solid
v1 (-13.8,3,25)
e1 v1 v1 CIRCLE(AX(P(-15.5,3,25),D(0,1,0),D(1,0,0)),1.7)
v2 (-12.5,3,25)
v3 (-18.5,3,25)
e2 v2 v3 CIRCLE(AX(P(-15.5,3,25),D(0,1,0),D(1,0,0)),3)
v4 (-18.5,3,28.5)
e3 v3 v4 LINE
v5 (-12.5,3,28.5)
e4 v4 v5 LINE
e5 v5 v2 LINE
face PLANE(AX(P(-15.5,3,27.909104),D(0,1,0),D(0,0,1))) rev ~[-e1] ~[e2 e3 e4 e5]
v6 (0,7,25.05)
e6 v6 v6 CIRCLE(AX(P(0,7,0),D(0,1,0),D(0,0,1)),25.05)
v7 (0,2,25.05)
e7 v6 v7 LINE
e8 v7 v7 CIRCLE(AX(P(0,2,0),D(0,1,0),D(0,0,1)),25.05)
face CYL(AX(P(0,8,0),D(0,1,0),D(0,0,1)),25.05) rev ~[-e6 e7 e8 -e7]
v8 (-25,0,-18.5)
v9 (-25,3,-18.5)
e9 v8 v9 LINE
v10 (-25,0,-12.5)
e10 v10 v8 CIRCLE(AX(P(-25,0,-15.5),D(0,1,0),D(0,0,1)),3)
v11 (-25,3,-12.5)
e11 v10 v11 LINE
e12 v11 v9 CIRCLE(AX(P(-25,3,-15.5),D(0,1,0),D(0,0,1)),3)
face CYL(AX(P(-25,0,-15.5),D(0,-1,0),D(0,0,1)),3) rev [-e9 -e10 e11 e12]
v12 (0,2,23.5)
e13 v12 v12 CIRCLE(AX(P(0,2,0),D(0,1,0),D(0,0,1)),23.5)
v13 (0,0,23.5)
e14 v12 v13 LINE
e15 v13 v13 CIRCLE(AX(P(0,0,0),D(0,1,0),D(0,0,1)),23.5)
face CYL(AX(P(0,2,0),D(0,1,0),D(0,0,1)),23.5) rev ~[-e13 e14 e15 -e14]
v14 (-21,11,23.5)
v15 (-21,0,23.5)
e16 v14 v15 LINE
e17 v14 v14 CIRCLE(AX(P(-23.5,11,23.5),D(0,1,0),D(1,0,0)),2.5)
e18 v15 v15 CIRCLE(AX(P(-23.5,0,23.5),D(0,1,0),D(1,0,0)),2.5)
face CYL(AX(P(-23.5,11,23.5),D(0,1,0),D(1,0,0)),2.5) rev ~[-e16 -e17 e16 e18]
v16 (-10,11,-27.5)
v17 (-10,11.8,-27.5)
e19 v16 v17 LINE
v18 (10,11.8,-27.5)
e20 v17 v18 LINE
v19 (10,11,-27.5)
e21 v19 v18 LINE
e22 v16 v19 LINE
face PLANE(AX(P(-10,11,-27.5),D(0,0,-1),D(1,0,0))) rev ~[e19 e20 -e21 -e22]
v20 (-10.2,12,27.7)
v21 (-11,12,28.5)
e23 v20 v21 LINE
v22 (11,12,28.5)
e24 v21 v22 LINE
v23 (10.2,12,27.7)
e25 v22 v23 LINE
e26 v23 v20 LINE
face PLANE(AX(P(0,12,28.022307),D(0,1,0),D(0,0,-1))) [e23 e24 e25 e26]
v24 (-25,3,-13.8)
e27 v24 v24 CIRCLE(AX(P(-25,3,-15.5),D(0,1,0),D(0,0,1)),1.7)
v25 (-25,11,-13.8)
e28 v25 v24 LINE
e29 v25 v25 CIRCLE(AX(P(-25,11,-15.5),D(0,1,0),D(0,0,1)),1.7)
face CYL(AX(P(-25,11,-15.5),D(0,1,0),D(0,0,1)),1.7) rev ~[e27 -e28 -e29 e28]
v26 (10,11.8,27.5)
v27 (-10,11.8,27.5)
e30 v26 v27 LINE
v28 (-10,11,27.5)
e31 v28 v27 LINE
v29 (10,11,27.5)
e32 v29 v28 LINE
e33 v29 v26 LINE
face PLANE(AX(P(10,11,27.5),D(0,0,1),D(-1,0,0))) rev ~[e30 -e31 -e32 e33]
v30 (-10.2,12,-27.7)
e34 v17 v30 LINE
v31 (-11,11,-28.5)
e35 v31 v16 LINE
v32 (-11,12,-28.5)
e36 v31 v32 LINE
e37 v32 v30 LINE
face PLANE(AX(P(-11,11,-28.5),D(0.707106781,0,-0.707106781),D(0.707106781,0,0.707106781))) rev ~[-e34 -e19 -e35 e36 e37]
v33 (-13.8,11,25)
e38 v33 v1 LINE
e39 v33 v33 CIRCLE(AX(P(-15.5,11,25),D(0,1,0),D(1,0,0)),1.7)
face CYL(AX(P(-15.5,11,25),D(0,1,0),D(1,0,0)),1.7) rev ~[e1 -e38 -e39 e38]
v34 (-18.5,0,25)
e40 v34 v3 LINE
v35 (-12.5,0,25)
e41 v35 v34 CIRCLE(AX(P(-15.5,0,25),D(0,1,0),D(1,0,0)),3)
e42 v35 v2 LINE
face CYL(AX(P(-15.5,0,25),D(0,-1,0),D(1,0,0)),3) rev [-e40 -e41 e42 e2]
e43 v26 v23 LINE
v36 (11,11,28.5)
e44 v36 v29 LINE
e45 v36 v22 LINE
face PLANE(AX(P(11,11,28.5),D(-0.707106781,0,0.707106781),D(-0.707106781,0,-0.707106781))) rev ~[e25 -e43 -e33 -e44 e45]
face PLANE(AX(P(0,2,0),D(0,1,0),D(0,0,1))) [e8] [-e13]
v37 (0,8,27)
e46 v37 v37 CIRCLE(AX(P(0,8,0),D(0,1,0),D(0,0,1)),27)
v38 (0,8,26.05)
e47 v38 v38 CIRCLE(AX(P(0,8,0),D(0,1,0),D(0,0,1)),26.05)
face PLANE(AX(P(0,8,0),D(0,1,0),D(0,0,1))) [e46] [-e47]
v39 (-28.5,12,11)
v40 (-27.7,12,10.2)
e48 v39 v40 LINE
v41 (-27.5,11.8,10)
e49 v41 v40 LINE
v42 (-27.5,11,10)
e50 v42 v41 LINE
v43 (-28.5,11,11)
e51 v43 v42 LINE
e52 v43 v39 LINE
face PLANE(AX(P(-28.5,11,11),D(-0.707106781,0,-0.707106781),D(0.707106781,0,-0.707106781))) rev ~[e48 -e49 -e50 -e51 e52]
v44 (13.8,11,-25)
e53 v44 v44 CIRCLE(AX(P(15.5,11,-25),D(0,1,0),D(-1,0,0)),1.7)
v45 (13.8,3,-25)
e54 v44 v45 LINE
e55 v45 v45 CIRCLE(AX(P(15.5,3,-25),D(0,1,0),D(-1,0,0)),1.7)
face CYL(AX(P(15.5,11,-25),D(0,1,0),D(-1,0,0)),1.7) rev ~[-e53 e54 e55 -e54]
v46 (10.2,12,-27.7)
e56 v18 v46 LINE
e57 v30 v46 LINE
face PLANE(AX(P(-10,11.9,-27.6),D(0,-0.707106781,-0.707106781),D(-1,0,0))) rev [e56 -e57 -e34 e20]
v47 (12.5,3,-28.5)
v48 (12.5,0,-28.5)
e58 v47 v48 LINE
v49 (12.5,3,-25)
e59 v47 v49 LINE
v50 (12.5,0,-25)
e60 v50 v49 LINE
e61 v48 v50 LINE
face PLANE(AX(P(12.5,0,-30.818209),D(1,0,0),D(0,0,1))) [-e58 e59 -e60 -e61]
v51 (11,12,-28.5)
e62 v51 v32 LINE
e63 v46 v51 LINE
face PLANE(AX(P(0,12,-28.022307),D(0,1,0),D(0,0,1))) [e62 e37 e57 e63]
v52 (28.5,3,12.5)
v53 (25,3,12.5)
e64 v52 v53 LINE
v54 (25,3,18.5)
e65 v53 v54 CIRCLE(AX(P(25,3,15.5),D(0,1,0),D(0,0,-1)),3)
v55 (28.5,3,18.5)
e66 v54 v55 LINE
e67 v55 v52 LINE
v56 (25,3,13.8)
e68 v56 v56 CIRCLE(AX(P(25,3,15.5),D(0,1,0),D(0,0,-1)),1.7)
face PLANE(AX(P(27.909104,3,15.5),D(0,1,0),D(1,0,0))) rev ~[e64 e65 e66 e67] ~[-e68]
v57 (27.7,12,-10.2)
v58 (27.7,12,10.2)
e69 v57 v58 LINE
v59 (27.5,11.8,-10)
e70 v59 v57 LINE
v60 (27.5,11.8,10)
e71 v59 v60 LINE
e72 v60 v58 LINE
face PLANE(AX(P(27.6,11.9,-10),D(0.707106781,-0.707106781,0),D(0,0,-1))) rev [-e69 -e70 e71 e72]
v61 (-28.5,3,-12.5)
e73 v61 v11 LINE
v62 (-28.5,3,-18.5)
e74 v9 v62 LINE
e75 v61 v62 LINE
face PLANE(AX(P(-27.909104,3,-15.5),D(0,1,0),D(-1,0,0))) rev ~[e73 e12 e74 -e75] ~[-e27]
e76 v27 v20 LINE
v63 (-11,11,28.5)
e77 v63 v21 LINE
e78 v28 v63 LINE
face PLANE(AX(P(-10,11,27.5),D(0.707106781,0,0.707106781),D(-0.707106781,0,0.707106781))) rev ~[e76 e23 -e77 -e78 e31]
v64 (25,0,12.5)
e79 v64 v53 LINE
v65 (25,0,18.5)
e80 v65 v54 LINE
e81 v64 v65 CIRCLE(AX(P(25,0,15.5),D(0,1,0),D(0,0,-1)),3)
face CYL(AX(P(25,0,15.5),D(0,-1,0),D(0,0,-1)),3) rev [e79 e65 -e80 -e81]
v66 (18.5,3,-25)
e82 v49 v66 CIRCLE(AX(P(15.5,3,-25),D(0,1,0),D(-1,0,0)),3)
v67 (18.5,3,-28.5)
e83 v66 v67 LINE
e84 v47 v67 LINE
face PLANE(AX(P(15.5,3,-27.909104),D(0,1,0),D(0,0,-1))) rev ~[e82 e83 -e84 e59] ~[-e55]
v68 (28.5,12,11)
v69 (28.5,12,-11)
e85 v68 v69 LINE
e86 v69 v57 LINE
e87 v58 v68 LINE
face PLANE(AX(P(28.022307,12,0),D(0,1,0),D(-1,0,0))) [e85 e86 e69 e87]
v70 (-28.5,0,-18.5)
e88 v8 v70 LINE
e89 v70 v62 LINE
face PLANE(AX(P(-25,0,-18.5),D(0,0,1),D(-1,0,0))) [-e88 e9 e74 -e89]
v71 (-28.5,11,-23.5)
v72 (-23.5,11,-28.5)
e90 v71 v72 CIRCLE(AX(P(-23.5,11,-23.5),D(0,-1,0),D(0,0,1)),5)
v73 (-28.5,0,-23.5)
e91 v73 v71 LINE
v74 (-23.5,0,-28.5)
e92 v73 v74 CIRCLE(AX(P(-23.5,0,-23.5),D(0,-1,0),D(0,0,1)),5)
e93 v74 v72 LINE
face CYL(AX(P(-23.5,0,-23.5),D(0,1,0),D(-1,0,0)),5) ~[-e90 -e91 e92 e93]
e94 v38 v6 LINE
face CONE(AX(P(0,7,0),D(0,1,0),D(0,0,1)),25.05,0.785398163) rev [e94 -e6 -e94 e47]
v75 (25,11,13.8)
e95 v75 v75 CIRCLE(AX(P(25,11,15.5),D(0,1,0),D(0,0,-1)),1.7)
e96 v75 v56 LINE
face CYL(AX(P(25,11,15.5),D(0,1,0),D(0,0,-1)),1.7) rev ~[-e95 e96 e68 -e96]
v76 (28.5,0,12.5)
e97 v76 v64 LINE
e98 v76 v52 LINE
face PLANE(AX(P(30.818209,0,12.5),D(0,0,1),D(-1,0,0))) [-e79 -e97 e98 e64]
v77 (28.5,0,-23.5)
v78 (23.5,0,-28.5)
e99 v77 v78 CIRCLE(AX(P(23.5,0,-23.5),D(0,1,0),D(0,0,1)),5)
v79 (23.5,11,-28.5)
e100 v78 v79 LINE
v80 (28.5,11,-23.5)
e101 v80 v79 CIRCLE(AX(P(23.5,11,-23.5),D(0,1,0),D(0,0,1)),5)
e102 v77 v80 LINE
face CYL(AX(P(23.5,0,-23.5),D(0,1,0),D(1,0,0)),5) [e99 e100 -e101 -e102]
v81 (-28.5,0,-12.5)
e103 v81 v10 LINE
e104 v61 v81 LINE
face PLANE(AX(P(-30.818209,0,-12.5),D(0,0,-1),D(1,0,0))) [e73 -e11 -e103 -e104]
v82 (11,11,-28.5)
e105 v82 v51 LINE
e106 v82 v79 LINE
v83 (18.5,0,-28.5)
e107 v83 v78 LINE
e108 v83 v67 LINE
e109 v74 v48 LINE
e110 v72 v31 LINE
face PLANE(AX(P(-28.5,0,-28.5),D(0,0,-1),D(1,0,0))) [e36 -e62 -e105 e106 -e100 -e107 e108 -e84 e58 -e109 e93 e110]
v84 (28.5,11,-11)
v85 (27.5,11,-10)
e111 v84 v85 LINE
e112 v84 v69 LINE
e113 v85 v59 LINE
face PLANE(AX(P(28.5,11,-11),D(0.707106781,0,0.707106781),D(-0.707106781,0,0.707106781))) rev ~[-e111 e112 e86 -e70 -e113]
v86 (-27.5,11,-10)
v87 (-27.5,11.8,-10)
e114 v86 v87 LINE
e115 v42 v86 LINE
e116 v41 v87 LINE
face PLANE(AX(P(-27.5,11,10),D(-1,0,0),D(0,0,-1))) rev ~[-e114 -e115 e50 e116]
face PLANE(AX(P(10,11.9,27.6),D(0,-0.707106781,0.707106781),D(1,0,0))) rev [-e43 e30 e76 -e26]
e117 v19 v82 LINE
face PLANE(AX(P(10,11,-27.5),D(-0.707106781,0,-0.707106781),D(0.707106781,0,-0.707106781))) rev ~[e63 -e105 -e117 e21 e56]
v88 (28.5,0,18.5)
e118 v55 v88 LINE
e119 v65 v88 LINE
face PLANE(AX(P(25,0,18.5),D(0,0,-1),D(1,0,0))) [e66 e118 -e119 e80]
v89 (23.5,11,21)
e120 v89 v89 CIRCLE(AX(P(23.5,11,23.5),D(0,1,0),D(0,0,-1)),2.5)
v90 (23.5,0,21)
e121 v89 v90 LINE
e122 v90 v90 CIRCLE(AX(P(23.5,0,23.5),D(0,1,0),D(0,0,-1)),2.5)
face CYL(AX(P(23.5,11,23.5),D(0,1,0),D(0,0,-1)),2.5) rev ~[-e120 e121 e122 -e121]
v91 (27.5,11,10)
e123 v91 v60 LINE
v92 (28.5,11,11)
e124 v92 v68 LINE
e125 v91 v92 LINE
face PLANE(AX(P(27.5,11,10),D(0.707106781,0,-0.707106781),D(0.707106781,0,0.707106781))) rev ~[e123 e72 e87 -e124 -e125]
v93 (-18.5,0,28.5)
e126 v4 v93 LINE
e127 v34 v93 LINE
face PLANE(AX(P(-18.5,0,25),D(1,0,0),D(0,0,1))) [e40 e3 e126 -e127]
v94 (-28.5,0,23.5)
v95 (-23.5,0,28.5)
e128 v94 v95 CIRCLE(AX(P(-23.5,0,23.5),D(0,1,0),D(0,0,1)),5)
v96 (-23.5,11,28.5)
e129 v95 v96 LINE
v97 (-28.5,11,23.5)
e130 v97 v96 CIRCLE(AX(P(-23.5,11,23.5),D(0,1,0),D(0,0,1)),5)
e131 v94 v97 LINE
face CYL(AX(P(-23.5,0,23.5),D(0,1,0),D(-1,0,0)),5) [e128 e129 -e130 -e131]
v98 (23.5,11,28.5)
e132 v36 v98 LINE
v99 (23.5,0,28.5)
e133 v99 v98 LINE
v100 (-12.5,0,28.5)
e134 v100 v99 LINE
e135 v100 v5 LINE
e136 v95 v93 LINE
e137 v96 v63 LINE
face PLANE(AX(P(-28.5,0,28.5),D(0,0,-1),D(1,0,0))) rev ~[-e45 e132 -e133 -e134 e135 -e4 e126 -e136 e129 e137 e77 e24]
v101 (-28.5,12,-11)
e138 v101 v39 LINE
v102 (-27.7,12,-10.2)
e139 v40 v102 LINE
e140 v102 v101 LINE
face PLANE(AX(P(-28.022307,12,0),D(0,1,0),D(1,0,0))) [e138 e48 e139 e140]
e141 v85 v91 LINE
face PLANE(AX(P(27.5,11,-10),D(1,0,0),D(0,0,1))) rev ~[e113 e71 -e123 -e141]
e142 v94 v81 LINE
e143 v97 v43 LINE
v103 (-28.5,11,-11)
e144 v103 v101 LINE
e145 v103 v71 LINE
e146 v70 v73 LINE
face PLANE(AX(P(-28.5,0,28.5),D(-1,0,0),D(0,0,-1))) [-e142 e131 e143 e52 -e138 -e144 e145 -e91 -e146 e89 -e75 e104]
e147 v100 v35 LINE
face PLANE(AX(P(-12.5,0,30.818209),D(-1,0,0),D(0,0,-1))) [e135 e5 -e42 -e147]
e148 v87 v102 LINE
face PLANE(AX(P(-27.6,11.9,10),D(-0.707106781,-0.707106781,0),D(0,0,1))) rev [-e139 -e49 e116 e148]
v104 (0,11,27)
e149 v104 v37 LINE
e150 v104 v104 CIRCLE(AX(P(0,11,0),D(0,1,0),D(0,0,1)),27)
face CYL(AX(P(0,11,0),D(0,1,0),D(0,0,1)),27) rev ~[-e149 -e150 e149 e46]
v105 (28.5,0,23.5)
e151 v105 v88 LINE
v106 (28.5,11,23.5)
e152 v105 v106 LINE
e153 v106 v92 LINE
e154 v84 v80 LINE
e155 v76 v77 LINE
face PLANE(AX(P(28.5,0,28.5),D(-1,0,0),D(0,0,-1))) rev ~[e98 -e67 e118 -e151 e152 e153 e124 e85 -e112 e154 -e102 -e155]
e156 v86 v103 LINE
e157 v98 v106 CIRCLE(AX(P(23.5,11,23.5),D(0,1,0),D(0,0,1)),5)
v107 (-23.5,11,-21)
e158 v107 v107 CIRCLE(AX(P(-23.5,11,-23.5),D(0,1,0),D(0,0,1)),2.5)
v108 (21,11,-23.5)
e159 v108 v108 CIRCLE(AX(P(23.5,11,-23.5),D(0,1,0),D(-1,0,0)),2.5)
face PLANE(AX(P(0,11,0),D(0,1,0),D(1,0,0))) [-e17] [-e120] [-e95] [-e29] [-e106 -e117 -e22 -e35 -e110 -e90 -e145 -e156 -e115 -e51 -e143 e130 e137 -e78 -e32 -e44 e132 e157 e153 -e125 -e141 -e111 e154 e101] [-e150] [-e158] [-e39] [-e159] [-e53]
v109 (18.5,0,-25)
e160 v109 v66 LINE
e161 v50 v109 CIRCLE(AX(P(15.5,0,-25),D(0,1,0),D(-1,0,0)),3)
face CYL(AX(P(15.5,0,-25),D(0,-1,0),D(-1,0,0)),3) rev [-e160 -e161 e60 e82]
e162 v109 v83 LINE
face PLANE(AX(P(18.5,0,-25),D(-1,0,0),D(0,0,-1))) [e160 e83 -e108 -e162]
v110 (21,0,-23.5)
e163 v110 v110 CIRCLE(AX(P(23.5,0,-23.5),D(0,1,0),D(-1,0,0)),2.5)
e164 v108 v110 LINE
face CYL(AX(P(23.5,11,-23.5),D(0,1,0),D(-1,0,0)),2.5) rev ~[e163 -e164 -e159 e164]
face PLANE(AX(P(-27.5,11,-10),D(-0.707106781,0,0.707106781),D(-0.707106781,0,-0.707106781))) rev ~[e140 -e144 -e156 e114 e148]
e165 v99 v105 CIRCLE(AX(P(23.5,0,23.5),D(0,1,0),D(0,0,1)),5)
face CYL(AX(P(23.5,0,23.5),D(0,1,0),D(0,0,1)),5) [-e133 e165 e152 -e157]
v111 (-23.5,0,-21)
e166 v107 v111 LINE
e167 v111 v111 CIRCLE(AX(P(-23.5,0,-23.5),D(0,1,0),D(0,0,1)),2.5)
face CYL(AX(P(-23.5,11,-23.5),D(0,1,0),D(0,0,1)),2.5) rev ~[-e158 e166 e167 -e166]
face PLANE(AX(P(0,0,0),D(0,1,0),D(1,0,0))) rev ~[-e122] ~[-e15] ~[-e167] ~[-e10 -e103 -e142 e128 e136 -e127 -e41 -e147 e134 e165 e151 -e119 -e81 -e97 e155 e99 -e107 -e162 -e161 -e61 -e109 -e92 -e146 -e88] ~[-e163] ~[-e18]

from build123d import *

# Parameters (mm, degrees)
SKETCH_1_W                           = 57
SKETCH_1_H                           = 57
EXTRUDE_1_DEPTH                      = 11
FILLET_1_R                           = 5
SKETCH_2_R                           = 27
CUT_EXTRUDE_1_DEPTH                  = 3
SKETCH_3_R                           = 25.05
CUT_EXTRUDE_2_DEPTH                  = 6
SKETCH_4_R                           = 23.5
CUT_EXTRUDE_3_DEPTH                  = 2
CHAMFER_1_SIZE                       = 1
SKETCH_5_R                           = 2.5
SKETCH_5_R_2                         = 1.7
CUT_EXTRUDE_4_DEPTH                  = 42.779181419
EXTRUDE_2_DEPTH                      = 1
CHAMFER_2_SIZE                       = 0.2
CUT_EXTRUDE_5_DEPTH                  = 3
PATTERN_CIRCULAR_1_COUNT             = 4
CHAMFER_2_OF_PATTERN_CIRCULAR_1_SIZE = 0.2


with BuildPart() as part:
    # 草图1 → 凸台-拉伸1 (new body)
    with BuildSketch(Plane(origin=(0, 0, 0), x_dir=(1, 0, 0), z_dir=(0, 1, 0))):
        Rectangle(SKETCH_1_W, SKETCH_1_H)
    extrude(amount=EXTRUDE_1_DEPTH)

    # 圆角1
    fillet_1_edges = [part.edges().sort_by_distance(p)[0] for p in [
        (28.5, 5.5, 28.5),
        (-28.5, 5.5, 28.5),
        (-28.5, 5.5, -28.5),
        (28.5, 5.5, -28.5),
    ]]
    fillet(fillet_1_edges, radius=FILLET_1_R)

    # 草图2 → 切除-拉伸1 (cut)
    with BuildSketch(Plane(origin=(0, 11, 0), x_dir=(1, 0, 0), z_dir=(0, 1, 0))):
        with Locations(Location((0, 0, 0), (0, 0, 270))):
            Circle(SKETCH_2_R)
    extrude(amount=-CUT_EXTRUDE_1_DEPTH, mode=Mode.SUBTRACT)

    # 草图3 → 切除-拉伸2 (cut)
    with BuildSketch(Plane(origin=(0, 8, 0), x_dir=(1, 0, 0), z_dir=(0, 1, 0))):
        with Locations(Location((0, 0, 0), (0, 0, 270))):
            Circle(SKETCH_3_R)
    extrude(amount=-CUT_EXTRUDE_2_DEPTH, mode=Mode.SUBTRACT)

    # 草图4 → 切除-拉伸3 (cut)
    with BuildSketch(Plane(origin=(0, 2, 0), x_dir=(1, 0, 0), z_dir=(0, 1, 0))):
        with Locations(Location((0, 0, 0), (0, 0, 270))):
            Circle(SKETCH_4_R)
    extrude(amount=-CUT_EXTRUDE_3_DEPTH, mode=Mode.SUBTRACT)

    # 倒角1
    chamfer_1_edges = [part.edges().sort_by_distance(p)[0] for p in [
        (0, 8, -25.05),
    ]]
    chamfer(chamfer_1_edges, length=CHAMFER_1_SIZE)

    # 草图5 → 切除-拉伸4 (cut, through all)
    with BuildSketch(Plane(origin=(0, 11, 0), x_dir=(1, 0, 0), z_dir=(0, 1, 0))):
        with Locations(Location((-23.5, 23.5, 0), (0, 0, 270))):
            Circle(SKETCH_5_R)
        with Locations(Location((-25, 15.5, 0), (0, 0, 270))):
            Circle(SKETCH_5_R_2)
    cut_extrude_4 = extrude(amount=-CUT_EXTRUDE_4_DEPTH, mode=Mode.SUBTRACT)

    # 草图6 → 凸台-拉伸2 (add)
    with BuildSketch(Plane(origin=(0, 11, 0), x_dir=(1, 0, 0), z_dir=(0, 1, 0))):
        Polygon((-28.5, 11), (-28.5, -11), (-27.5, -10), (-27.5, 10), align=None)
    extrude_2 = extrude(amount=EXTRUDE_2_DEPTH)

    # 倒角2
    chamfer_2_edges = [part.edges().sort_by_distance(p)[0] for p in [
        (-27.5, 12, 0),
    ]]
    chamfer(chamfer_2_edges, length=CHAMFER_2_SIZE)

    # 草图7 → 切除-拉伸5 (cut)
    with BuildSketch(Plane.XZ):
        with BuildLine():
            Line((-25, -18.5), (-30.818208661, -18.5))
            ThreePointArc((-30.818208661, -18.5), (-33.818208661, -15.5), (-30.818208661, -12.5))
            Line((-30.818208661, -12.5), (-25, -12.5))
            ThreePointArc((-25, -12.5), (-22, -15.5), (-25, -18.5))
        make_face()
    cut_extrude_5 = extrude(amount=-CUT_EXTRUDE_5_DEPTH, mode=Mode.SUBTRACT)

    # 阵列(圆周)1: 切除-拉伸4, 凸台-拉伸2, 切除-拉伸5 ×4 about axis
    pattern_circular_1_axis = Axis((0, 0, 0), (0, 1, 0))
    add([cut_extrude_4.rotate(pattern_circular_1_axis, i * 360 / PATTERN_CIRCULAR_1_COUNT) for i in range(1, PATTERN_CIRCULAR_1_COUNT)], mode=Mode.SUBTRACT)
    add([extrude_2.rotate(pattern_circular_1_axis, i * 360 / PATTERN_CIRCULAR_1_COUNT) for i in range(1, PATTERN_CIRCULAR_1_COUNT)])
    add([cut_extrude_5.rotate(pattern_circular_1_axis, i * 360 / PATTERN_CIRCULAR_1_COUNT) for i in range(1, PATTERN_CIRCULAR_1_COUNT)], mode=Mode.SUBTRACT)

    # 倒角2 of 阵列(圆周)1
    chamfer_2_of_pattern_circular_1_edges = [part.edges().sort_by_distance(p)[0] for p in [
        (0, 12, 27.5),
        (27.5, 12, 0),
        (0, 12, -27.5),
    ]]
    chamfer(chamfer_2_of_pattern_circular_1_edges, length=CHAMFER_2_OF_PATTERN_CIRCULAR_1_SIZE)


solid = part.part
